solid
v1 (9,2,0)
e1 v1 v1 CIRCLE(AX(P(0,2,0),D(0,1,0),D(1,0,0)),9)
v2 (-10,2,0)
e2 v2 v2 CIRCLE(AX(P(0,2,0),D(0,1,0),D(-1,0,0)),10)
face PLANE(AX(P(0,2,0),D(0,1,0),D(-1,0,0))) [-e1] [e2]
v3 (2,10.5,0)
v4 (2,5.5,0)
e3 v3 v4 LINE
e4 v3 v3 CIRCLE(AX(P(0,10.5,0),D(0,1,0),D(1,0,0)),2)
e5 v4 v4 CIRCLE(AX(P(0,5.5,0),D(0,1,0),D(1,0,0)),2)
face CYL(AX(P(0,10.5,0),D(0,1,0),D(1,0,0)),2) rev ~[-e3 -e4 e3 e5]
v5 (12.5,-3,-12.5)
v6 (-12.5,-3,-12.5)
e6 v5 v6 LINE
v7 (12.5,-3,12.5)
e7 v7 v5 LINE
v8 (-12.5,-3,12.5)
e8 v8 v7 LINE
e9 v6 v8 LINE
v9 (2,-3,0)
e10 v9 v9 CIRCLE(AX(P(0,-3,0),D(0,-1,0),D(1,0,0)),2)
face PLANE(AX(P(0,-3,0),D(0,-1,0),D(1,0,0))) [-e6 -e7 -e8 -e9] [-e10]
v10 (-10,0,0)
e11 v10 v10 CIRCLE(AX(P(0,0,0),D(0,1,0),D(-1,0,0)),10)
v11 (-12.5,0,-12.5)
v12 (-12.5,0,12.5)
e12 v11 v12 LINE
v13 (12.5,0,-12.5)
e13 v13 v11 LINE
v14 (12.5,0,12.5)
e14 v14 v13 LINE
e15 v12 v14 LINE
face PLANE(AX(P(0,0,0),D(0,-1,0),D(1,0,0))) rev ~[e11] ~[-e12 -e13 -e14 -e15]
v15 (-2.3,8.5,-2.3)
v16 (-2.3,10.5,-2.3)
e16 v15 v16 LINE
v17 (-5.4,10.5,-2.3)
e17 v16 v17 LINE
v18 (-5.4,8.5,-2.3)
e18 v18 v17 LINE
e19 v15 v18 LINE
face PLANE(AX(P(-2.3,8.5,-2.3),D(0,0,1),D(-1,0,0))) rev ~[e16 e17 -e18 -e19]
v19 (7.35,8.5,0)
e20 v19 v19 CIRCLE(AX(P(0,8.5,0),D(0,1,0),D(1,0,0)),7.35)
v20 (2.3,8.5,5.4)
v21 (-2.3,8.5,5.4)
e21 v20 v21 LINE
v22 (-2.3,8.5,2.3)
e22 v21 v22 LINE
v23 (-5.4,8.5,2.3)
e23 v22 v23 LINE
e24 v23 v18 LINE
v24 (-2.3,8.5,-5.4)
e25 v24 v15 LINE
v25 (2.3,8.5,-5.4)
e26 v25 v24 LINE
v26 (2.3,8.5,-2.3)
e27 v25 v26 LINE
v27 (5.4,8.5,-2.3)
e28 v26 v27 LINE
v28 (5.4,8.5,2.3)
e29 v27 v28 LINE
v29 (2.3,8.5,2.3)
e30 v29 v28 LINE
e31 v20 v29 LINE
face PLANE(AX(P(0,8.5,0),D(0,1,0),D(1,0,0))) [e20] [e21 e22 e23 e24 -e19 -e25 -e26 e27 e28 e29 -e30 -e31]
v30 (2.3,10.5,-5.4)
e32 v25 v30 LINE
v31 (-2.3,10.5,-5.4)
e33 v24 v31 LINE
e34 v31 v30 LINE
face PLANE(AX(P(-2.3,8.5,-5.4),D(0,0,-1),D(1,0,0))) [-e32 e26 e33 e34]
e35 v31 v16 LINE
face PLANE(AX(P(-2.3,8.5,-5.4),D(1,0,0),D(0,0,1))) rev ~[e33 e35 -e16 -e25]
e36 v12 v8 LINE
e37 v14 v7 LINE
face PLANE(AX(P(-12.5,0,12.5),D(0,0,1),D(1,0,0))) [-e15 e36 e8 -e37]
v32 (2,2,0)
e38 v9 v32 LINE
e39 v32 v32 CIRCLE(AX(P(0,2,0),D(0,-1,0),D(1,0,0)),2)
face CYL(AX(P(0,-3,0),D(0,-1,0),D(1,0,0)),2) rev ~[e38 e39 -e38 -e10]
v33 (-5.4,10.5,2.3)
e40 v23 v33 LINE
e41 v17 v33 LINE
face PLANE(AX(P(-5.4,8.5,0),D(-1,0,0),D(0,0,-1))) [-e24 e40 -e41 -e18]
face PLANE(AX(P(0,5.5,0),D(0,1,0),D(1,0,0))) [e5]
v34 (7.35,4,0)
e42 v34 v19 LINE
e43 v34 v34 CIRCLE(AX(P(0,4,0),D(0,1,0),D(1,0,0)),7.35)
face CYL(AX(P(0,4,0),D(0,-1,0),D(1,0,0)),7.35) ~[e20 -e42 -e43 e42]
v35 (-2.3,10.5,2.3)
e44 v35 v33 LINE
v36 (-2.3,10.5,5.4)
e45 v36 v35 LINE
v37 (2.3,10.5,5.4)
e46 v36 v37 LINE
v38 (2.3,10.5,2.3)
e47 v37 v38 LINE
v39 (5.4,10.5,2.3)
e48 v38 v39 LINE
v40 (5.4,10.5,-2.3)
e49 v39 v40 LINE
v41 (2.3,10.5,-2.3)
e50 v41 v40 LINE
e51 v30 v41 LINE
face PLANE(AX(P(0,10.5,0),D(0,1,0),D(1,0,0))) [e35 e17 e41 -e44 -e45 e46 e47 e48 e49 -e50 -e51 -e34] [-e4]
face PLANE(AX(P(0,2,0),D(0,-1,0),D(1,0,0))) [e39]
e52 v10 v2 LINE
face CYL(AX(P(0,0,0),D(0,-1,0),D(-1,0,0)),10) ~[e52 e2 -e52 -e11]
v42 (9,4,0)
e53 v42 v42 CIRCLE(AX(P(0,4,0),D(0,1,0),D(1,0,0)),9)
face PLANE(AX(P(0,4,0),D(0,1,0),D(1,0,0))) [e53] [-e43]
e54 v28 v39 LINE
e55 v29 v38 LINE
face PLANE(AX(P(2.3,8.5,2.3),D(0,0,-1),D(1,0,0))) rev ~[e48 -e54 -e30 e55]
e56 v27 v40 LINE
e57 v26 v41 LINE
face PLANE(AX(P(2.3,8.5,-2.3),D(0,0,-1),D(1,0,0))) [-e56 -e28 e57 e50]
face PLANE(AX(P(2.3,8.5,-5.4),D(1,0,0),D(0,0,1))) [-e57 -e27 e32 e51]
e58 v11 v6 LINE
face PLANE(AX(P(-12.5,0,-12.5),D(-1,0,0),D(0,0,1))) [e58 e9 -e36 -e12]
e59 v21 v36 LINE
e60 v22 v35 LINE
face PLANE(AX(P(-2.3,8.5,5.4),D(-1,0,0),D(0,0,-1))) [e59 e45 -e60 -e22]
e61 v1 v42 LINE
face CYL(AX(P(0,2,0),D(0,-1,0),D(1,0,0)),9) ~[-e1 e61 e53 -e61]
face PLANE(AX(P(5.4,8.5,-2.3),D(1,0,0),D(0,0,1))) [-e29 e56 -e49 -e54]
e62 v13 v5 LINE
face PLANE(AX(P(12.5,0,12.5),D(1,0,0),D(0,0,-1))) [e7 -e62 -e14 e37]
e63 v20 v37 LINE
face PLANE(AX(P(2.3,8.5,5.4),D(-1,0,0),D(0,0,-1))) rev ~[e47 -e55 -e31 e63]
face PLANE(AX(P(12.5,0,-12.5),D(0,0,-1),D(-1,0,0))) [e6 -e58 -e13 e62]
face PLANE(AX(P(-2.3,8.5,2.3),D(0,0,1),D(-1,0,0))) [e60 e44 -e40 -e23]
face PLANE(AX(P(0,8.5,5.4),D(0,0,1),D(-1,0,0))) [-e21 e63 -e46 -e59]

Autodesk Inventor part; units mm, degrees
ref_plane "YZ Plane" through (0, 0, 0) normal (1, 0, 0) x (0, 1, 0)
ref_plane "XZ Plane" through (0, 0, 0) normal (0, 1, 0) x (-1, 0, 0)
ref_plane "XY Plane" through (0, 0, 0) normal (0, 0, 1) x (1, 0, 0)
sketch "Skizze1" plane through (0, 0, 0) normal (0, 1, 0) x (-1, 0, 0)
  circle A0 centre (0, 0) radius 10
  dimension "d0" = 20
extrude "Extrusion1" add sketch "Skizze1" along normal blind 2
sketch "Skizze2" plane through (0, 2, 0) normal (0, 1, 0) x (1, 0, 0)
  circle A0 centre (0, 0) radius 9
  dimension "d3" = 18
extrude "Extrusion2" add sketch "Skizze2" along normal blind 2
sketch "Skizze3" plane through (0, 4, 0) normal (0, 1, 0) x (1, 0, 0)
  circle A0 centre (0, 0) radius 7.35
  dimension "d6" = 14.7
extrude "Extrusion3" add sketch "Skizze3" along normal blind 4.5
sketch "Skizze4" plane through (0, 8.5, 0) normal (0, 1, 0) x (1, 0, 0)
  line L0 (-5.4, 5.4) -> (5.4, 5.4)
  line L1 (5.4, 5.4) -> (5.4, -5.4)
  line L2 (5.4, -5.4) -> (-5.4, -5.4)
  line L3 (-5.4, -5.4) -> (-5.4, 5.4)
  line L4 (0, 14) -> (0, -14) projected
  line L5 (-14, 0) -> (14, 0) projected
  line L6 (-5.4, 5.4) -> (-2.3, 5.4)
  line L7 (-2.3, 5.4) -> (-2.3, 2.3)
  line L8 (-2.3, 2.3) -> (-5.4, 2.3)
  line L9 (-5.4, 2.3) -> (-5.4, 5.4)
  line L10 (5.4, 5.4) -> (2.3, 5.4)
  line L11 (2.3, 5.4) -> (2.3, 2.3)
  line L12 (2.3, 2.3) -> (5.4, 2.3)
  line L13 (5.4, 2.3) -> (5.4, 5.4)
  line L14 (5.4, -5.4) -> (2.3, -5.4)
  line L15 (2.3, -5.4) -> (2.3, -2.3)
  line L16 (2.3, -2.3) -> (5.4, -2.3)
  line L17 (5.4, -2.3) -> (5.4, -5.4)
  line L18 (-5.4, -5.4) -> (-2.3, -5.4)
  line L19 (-2.3, -5.4) -> (-2.3, -2.3)
  line L20 (-2.3, -2.3) -> (-5.4, -2.3)
  line L21 (-5.4, -2.3) -> (-5.4, -5.4)
  point P0 (0, 0)
  point P1 (5.4, 2.3)
  point P2 (-5.4, 2.3)
  point P3 (-5.4, -2.3)
  point P4 (2.3, -5.4)
  point P5 (5.4, -2.3)
  dimension "d9" = 10.8
  dimension "d10" = 10.8
  dimension "d11" = 3.1
  dimension "d12" = 3.1
  dimension "d13" = 3.1
  dimension "d14" = 3.1
  dimension "d15" = 3.1
  dimension "d16" = 3.1
  dimension "d17" = 3.1
  dimension "d18" = 3.1
extrude "Extrusion4" add sketch "Skizze4" along normal blind 2 contours L0 L4 L5 L3 L8 L7 | L0 L11 L12 L1 L5 L4 | L5 L4 L2 L19 L20 L3 | L5 L1 L16 L15 L2 L4
sketch "Skizze5" plane through (0, 10.5, 0) normal (0, 1, 0) x (1, 0, 0)
  circle A0 centre (0, 0) radius 2
  dimension "d21" = 4
extrude "Extrusion5" cut sketch "Skizze5" against normal blind 5
sketch "Skizze6" plane through (0, 0, 0) normal (0, -1, 0) x (1, 0, 0)
  line L0 (-12.5, 12.5) -> (12.5, 12.5)
  line L1 (12.5, 12.5) -> (12.5, -12.5)
  line L2 (12.5, -12.5) -> (-12.5, -12.5)
  line L3 (-12.5, -12.5) -> (-12.5, 12.5)
  line L4 (-12.5, 12.5) -> (12.5, -12.5) construction
  line L5 (12.5, 12.5) -> (-12.5, -12.5) construction
  point P0 (0, 0)
  dimension "d24" = 25
  dimension "d25" = 25
extrude "Extrusion6" add sketch "Skizze6" along normal blind 3
sketch "Skizze7" plane through (0, -3, 0) normal (0, -1, 0) x (1, 0, 0)
  circle A0 centre (0, 0) radius 2
  dimension "d28" = 4
extrude "Extrusion7" cut sketch "Skizze7" against normal blind 5
properties part number "_3D-Druck"
